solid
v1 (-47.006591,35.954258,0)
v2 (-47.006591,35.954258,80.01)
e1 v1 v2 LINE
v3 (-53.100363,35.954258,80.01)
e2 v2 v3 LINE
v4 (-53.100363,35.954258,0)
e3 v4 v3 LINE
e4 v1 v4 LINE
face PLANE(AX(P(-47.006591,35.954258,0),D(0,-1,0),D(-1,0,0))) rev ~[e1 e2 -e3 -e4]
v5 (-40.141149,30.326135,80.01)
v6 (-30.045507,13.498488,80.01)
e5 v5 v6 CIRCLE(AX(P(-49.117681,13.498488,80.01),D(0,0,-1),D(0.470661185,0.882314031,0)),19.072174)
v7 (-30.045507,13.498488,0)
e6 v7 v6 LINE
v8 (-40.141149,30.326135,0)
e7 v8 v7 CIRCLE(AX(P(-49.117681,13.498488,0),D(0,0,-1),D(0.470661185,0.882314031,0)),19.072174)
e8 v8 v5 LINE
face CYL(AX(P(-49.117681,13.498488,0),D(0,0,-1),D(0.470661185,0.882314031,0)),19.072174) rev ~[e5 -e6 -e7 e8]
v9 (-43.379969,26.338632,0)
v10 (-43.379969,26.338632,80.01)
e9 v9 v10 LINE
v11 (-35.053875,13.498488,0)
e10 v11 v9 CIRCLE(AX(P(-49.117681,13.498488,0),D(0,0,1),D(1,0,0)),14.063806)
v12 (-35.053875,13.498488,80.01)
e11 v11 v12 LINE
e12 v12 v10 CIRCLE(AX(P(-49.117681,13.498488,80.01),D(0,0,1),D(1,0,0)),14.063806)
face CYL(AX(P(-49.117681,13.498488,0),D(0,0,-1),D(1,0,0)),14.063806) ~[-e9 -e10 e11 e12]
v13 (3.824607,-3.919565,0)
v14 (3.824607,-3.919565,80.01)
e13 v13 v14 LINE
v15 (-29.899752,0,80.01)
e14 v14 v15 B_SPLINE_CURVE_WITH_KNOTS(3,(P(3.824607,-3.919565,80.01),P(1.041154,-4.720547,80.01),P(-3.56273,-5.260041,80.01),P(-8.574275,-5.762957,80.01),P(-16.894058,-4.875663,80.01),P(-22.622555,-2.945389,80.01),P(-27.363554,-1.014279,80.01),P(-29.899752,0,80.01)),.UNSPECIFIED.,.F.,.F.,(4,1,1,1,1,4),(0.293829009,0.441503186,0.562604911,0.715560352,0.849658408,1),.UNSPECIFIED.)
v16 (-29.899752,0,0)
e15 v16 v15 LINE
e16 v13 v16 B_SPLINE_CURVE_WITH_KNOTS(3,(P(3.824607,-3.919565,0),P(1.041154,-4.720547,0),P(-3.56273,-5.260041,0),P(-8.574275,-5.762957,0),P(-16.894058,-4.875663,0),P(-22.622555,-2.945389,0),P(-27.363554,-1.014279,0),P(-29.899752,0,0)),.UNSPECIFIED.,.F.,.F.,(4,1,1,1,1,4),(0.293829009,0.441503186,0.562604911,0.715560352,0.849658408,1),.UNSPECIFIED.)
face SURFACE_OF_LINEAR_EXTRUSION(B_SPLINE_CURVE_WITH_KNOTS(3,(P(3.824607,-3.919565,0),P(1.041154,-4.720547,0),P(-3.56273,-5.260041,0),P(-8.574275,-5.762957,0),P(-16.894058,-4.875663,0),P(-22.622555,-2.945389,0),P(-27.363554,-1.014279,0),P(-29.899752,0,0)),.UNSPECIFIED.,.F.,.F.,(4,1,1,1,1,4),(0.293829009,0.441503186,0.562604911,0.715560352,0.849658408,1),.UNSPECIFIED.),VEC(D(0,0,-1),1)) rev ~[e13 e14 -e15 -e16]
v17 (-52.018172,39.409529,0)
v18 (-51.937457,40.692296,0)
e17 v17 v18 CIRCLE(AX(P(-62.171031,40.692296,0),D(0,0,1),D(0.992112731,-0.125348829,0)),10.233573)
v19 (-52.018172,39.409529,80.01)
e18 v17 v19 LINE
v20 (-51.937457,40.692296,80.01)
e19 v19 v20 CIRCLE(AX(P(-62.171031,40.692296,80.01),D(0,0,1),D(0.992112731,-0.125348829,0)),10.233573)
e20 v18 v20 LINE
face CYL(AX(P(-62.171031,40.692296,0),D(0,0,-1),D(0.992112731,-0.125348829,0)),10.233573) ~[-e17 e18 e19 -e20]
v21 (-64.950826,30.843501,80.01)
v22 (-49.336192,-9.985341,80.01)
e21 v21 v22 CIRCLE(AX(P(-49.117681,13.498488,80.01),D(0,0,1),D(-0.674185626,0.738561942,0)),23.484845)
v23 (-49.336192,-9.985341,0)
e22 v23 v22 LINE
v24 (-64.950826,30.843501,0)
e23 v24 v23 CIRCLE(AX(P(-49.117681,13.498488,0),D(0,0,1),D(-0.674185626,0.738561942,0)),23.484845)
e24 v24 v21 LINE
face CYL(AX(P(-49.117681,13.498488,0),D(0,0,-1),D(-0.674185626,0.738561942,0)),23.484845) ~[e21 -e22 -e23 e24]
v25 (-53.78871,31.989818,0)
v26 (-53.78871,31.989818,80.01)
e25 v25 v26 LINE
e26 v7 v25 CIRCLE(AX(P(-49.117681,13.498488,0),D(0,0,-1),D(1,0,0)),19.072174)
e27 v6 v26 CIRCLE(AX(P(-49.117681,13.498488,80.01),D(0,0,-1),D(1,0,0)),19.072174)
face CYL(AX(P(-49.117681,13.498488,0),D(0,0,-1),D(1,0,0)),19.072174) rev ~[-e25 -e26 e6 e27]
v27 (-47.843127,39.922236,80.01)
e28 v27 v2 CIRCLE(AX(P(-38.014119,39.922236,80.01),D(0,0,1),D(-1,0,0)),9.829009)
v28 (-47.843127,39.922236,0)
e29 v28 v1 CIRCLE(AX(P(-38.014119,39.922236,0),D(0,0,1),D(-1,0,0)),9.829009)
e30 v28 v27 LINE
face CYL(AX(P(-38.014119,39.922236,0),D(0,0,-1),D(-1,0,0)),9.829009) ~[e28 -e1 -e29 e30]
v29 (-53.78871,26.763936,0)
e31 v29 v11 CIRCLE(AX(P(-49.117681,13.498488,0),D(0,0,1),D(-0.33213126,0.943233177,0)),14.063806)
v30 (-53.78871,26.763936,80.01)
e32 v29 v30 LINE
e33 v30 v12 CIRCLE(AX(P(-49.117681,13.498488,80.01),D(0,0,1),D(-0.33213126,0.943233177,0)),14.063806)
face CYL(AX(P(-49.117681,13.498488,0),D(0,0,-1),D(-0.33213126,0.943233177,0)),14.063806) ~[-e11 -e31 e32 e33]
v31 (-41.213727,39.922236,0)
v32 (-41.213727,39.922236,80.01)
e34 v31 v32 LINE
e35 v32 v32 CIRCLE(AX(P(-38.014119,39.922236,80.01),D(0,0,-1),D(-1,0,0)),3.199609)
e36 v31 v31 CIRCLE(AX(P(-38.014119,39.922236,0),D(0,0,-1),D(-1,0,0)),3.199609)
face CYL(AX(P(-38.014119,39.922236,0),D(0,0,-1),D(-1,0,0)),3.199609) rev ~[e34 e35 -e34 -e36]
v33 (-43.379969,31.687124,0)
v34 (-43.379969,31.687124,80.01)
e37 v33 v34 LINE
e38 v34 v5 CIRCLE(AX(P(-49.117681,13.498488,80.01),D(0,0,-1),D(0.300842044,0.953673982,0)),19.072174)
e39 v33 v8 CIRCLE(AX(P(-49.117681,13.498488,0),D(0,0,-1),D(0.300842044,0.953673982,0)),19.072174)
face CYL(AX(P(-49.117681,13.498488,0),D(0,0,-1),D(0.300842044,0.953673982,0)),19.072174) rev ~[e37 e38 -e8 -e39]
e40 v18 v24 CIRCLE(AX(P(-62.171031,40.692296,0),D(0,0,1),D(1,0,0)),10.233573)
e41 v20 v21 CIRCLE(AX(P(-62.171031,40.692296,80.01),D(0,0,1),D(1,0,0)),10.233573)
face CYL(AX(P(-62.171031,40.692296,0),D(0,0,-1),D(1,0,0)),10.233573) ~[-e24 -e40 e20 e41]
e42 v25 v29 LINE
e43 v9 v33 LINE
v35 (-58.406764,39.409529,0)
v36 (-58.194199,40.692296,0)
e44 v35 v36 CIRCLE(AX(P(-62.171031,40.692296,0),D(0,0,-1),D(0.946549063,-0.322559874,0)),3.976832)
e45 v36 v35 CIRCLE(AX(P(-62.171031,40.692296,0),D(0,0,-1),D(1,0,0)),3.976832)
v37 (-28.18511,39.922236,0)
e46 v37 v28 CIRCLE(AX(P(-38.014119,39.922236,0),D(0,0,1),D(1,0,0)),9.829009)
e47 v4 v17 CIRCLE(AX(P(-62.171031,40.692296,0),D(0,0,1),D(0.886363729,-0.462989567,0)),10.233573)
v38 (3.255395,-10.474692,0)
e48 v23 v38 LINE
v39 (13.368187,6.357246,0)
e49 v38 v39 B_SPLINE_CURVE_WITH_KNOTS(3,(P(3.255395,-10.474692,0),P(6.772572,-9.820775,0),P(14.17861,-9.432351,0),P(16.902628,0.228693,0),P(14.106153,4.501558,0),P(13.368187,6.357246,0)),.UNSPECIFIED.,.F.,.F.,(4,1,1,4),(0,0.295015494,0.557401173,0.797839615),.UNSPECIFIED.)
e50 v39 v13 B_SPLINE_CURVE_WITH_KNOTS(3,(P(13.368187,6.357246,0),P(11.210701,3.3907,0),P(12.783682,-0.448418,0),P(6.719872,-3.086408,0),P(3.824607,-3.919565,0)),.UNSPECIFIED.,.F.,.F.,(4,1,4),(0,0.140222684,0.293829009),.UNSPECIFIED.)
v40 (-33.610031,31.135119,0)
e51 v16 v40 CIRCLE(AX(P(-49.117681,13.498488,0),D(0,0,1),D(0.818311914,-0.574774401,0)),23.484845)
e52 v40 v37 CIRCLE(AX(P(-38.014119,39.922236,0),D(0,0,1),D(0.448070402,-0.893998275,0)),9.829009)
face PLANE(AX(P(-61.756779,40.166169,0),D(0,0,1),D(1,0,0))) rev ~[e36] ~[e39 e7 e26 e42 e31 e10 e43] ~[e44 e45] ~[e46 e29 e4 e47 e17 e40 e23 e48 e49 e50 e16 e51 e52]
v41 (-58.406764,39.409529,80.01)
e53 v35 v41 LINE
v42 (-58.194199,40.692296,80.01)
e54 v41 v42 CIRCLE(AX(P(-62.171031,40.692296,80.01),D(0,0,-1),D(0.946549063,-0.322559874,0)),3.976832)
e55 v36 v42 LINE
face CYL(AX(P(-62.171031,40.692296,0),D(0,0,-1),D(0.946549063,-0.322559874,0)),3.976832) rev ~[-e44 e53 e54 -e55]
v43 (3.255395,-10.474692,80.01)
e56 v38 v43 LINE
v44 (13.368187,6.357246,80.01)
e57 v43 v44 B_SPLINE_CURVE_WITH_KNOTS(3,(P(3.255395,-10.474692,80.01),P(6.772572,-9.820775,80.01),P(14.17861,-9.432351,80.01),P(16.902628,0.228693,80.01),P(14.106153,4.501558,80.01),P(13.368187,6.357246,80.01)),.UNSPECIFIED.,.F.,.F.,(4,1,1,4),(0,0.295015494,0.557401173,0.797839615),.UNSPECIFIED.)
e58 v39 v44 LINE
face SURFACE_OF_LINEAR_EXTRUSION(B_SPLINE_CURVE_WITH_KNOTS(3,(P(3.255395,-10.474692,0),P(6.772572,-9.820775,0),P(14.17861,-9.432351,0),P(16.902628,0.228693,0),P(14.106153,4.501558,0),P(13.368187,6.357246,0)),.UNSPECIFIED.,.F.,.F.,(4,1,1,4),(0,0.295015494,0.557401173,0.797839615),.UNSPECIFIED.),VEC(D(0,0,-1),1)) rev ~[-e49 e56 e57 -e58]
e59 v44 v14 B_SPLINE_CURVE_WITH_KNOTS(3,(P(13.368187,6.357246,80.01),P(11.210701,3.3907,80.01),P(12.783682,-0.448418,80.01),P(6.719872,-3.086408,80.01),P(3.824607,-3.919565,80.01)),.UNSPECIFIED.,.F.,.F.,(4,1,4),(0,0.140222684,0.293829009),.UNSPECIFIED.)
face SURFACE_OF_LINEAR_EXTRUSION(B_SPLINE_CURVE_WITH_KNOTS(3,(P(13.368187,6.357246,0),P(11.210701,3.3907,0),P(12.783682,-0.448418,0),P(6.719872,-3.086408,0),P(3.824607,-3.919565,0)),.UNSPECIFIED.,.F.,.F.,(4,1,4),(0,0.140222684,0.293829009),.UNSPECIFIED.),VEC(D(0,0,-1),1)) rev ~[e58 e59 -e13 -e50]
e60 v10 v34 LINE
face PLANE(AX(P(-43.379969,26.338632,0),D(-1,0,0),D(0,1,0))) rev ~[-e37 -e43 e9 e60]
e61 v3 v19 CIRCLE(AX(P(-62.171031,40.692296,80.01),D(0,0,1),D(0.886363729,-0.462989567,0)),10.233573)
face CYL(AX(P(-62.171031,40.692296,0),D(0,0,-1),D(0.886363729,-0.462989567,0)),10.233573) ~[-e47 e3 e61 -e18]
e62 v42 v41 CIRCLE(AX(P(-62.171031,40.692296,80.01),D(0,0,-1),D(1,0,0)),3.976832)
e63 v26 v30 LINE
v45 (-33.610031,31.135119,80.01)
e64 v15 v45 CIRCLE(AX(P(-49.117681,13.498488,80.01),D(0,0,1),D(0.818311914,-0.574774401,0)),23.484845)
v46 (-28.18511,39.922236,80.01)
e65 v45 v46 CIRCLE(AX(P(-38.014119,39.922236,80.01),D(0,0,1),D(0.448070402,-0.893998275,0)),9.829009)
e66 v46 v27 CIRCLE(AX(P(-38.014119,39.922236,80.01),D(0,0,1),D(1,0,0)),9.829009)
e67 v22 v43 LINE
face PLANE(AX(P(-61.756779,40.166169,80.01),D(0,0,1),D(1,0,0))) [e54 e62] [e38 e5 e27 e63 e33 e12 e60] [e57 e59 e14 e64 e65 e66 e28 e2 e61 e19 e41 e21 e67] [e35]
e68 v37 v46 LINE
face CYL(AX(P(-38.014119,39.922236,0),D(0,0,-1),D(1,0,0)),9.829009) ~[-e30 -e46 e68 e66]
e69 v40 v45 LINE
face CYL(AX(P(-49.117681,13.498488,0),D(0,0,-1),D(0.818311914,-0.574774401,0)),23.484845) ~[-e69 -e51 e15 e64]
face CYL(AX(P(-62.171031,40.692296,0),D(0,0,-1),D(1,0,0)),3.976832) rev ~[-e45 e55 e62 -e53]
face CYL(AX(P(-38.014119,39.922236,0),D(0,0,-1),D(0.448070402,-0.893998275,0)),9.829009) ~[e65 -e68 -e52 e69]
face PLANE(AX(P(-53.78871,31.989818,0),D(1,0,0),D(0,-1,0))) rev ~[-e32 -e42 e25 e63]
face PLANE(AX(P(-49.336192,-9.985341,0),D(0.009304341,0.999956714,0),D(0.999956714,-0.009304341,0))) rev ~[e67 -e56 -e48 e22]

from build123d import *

# Parameters (mm, degrees)
F1_DEPTH = 80.01


with BuildPart() as f1:
    # F0 (on Top) → F1 (new body)
    with BuildSketch(Plane.XY):
        with BuildLine():
            ThreePointArc((-52.0181724305, 39.4095291981), (-51.9576561565, 40.0496439589), (-51.9374574868, 40.6922956066))
            ThreePointArc((-51.9374574868, 40.6922956066), (-68.346740432, 48.8523585987), (-64.9508257487, 30.8435008261))
            ThreePointArc((-64.9508257487, 30.8435008261), (-58.1184104532, 31.2953658368), (-53.1003625737, 35.9542580053))
            ThreePointArc((-53.1003625737, 35.9542580053), (-52.4052375143, 37.6336514449), (-52.0181724305, 39.4095291981))
        make_face()
        with BuildLine():
            ThreePointArc((-58.1941987012, 40.6922956066), (-58.2476999322, 40.0421660606), (-58.4067640965, 39.4095291981))
            ThreePointArc((-58.4067640965, 39.4095291981), (-66.0943613472, 41.3424251525), (-58.1941987012, 40.6922956066))
        make_face(mode=Mode.SUBTRACT)
        with BuildLine():
            ThreePointArc((-53.1003625737, 35.9542580053), (-58.1184104532, 31.2953658368), (-64.9508257487, 30.8435008261))
            ThreePointArc((-64.9508257487, 30.8435008261), (-71.0530970633, 5.1094793368), (-49.3361916364, -9.9853408308))
            ThreePointArc((-49.3361916364, -9.9853408308), (-38.3858948602, -7.3909049304), (-29.8997519532, 0))
            ThreePointArc((-29.8997519532, 0), (-25.7978316087, 16.2774443926), (-33.6100307457, 31.1351188778))
            ThreePointArc((-33.6100307457, 31.1351188778), (-36.8058711165, 30.1677726155), (-40.1411486067, 30.3261346384))
            ThreePointArc((-40.1411486067, 30.3261346384), (-32.7630206932, 23.3103643966), (-30.0455065973, 13.4984878823))
            ThreePointArc((-30.0455065973, 13.4984878823), (-60.8364931775, -1.5486798035), (-53.788710164, 31.9898184416))
            ThreePointArc((-53.788710164, 31.9898184416), (-48.5632811871, 32.5626024415), (-43.3799688199, 31.6871240532))
            ThreePointArc((-43.3799688199, 31.6871240532), (-45.5036090688, 33.5569434788), (-47.0065913216, 35.9542580053))
            Line((-47.0065913216, 35.9542580053), (-53.1003625737, 35.9542580053))
        make_face()
        with BuildLine():
            ThreePointArc((-29.8997519532, 0), (-38.3858948602, -7.3909049304), (-49.3361916364, -9.9853408308))
            Line((-49.3361916364, -9.9853408308), (3.2553945492, -10.4746920389))
            add(Edge.make_bspline(
                [(3.2553945492, -10.4746920389), (6.7725717344, -9.8207747634), (14.1786098266, -9.4323508669), (16.9026280052, 0.2286933526), (14.1061528831, 4.5015575397), (13.3681874722, 6.3572456129)],
                knots=[0, 0, 0, 0, 0.2950154938, 0.5574011727, 0.7978396153, 0.7978396153, 0.7978396153, 0.7978396153], degree=3))
            add(Edge.make_bspline(
                [(13.3681874722, 6.3572456129), (11.2107009371, 3.3907004664), (12.783682015, -0.4484184196), (6.7198718752, -3.0864083593), (3.824606613, -3.9195654149)],
                knots=[0, 0, 0, 0, 0.1402226837, 0.2938290091, 0.2938290091, 0.2938290091, 0.2938290091], degree=3))
            add(Edge.make_bspline(
                [(3.824606613, -3.9195654149), (1.041154088, -4.7205466376), (-3.5627301285, -5.2600412779), (-8.5742747125, -5.7629574016), (-16.8940584015, -4.8756628828), (-22.6225553896, -2.945389447), (-27.3635536713, -1.014278557), (-29.8997519532, 0)],
                knots=[0.2938290091, 0.2938290091, 0.2938290091, 0.2938290091, 0.441503186, 0.5626049111, 0.7155603519, 0.8496584077, 1, 1, 1, 1], degree=3))
        make_face()
        with BuildLine():
            ThreePointArc((-47.8431273342, 39.9222357019), (-47.6317197983, 37.8946361667), (-47.0065913216, 35.9542580053))
            ThreePointArc((-47.0065913216, 35.9542580053), (-45.5036090688, 33.5569434788), (-43.3799688199, 31.6871240532))
            ThreePointArc((-43.3799688199, 31.6871240532), (-41.7291546645, 31.0813632615), (-40.1411486067, 30.3261346384))
            ThreePointArc((-40.1411486067, 30.3261346384), (-36.8058711165, 30.1677726155), (-33.6100307457, 31.1351188778))
            ThreePointArc((-33.6100307457, 31.1351188778), (-29.6505897586, 34.7588262655), (-28.1851099211, 39.9222357019))
            ThreePointArc((-28.1851099211, 39.9222357019), (-38.0141186277, 49.7512444085), (-47.8431273342, 39.9222357019))
        make_face()
        with BuildLine():
            ThreePointArc((-34.8145098579, 39.9222357019), (-38.0141186277, 36.7226269322), (-41.2137273974, 39.9222357019))
            ThreePointArc((-41.2137273974, 39.9222357019), (-38.0141186277, 43.1218444717), (-34.8145098579, 39.9222357019))
        make_face(mode=Mode.SUBTRACT)
        with BuildLine():
            ThreePointArc((-35.0538748718, 13.4984878823), (-37.3175811218, 21.1501729283), (-43.3799688199, 26.3386317966))
            ThreePointArc((-43.3799688199, 26.3386317966), (-48.5435084418, 27.5505681179), (-53.788710164, 26.7639360781))
            ThreePointArc((-53.788710164, 26.7639360781), (-57.2447397838, 2.0206160275), (-35.0538748718, 13.4984878823))
        make_face()
        with BuildLine():
            Line((-43.3799688199, 26.3386317966), (-43.3799688199, 31.6871240532))
            ThreePointArc((-43.3799688199, 31.6871240532), (-48.5632811871, 32.5626024415), (-53.788710164, 31.9898184416))
            Line((-53.788710164, 31.9898184416), (-53.788710164, 26.7639360781))
            ThreePointArc((-53.788710164, 26.7639360781), (-48.5435084418, 27.5505681179), (-43.3799688199, 26.3386317966))
        make_face()
    extrude(amount=F1_DEPTH)


solid = f1.part
